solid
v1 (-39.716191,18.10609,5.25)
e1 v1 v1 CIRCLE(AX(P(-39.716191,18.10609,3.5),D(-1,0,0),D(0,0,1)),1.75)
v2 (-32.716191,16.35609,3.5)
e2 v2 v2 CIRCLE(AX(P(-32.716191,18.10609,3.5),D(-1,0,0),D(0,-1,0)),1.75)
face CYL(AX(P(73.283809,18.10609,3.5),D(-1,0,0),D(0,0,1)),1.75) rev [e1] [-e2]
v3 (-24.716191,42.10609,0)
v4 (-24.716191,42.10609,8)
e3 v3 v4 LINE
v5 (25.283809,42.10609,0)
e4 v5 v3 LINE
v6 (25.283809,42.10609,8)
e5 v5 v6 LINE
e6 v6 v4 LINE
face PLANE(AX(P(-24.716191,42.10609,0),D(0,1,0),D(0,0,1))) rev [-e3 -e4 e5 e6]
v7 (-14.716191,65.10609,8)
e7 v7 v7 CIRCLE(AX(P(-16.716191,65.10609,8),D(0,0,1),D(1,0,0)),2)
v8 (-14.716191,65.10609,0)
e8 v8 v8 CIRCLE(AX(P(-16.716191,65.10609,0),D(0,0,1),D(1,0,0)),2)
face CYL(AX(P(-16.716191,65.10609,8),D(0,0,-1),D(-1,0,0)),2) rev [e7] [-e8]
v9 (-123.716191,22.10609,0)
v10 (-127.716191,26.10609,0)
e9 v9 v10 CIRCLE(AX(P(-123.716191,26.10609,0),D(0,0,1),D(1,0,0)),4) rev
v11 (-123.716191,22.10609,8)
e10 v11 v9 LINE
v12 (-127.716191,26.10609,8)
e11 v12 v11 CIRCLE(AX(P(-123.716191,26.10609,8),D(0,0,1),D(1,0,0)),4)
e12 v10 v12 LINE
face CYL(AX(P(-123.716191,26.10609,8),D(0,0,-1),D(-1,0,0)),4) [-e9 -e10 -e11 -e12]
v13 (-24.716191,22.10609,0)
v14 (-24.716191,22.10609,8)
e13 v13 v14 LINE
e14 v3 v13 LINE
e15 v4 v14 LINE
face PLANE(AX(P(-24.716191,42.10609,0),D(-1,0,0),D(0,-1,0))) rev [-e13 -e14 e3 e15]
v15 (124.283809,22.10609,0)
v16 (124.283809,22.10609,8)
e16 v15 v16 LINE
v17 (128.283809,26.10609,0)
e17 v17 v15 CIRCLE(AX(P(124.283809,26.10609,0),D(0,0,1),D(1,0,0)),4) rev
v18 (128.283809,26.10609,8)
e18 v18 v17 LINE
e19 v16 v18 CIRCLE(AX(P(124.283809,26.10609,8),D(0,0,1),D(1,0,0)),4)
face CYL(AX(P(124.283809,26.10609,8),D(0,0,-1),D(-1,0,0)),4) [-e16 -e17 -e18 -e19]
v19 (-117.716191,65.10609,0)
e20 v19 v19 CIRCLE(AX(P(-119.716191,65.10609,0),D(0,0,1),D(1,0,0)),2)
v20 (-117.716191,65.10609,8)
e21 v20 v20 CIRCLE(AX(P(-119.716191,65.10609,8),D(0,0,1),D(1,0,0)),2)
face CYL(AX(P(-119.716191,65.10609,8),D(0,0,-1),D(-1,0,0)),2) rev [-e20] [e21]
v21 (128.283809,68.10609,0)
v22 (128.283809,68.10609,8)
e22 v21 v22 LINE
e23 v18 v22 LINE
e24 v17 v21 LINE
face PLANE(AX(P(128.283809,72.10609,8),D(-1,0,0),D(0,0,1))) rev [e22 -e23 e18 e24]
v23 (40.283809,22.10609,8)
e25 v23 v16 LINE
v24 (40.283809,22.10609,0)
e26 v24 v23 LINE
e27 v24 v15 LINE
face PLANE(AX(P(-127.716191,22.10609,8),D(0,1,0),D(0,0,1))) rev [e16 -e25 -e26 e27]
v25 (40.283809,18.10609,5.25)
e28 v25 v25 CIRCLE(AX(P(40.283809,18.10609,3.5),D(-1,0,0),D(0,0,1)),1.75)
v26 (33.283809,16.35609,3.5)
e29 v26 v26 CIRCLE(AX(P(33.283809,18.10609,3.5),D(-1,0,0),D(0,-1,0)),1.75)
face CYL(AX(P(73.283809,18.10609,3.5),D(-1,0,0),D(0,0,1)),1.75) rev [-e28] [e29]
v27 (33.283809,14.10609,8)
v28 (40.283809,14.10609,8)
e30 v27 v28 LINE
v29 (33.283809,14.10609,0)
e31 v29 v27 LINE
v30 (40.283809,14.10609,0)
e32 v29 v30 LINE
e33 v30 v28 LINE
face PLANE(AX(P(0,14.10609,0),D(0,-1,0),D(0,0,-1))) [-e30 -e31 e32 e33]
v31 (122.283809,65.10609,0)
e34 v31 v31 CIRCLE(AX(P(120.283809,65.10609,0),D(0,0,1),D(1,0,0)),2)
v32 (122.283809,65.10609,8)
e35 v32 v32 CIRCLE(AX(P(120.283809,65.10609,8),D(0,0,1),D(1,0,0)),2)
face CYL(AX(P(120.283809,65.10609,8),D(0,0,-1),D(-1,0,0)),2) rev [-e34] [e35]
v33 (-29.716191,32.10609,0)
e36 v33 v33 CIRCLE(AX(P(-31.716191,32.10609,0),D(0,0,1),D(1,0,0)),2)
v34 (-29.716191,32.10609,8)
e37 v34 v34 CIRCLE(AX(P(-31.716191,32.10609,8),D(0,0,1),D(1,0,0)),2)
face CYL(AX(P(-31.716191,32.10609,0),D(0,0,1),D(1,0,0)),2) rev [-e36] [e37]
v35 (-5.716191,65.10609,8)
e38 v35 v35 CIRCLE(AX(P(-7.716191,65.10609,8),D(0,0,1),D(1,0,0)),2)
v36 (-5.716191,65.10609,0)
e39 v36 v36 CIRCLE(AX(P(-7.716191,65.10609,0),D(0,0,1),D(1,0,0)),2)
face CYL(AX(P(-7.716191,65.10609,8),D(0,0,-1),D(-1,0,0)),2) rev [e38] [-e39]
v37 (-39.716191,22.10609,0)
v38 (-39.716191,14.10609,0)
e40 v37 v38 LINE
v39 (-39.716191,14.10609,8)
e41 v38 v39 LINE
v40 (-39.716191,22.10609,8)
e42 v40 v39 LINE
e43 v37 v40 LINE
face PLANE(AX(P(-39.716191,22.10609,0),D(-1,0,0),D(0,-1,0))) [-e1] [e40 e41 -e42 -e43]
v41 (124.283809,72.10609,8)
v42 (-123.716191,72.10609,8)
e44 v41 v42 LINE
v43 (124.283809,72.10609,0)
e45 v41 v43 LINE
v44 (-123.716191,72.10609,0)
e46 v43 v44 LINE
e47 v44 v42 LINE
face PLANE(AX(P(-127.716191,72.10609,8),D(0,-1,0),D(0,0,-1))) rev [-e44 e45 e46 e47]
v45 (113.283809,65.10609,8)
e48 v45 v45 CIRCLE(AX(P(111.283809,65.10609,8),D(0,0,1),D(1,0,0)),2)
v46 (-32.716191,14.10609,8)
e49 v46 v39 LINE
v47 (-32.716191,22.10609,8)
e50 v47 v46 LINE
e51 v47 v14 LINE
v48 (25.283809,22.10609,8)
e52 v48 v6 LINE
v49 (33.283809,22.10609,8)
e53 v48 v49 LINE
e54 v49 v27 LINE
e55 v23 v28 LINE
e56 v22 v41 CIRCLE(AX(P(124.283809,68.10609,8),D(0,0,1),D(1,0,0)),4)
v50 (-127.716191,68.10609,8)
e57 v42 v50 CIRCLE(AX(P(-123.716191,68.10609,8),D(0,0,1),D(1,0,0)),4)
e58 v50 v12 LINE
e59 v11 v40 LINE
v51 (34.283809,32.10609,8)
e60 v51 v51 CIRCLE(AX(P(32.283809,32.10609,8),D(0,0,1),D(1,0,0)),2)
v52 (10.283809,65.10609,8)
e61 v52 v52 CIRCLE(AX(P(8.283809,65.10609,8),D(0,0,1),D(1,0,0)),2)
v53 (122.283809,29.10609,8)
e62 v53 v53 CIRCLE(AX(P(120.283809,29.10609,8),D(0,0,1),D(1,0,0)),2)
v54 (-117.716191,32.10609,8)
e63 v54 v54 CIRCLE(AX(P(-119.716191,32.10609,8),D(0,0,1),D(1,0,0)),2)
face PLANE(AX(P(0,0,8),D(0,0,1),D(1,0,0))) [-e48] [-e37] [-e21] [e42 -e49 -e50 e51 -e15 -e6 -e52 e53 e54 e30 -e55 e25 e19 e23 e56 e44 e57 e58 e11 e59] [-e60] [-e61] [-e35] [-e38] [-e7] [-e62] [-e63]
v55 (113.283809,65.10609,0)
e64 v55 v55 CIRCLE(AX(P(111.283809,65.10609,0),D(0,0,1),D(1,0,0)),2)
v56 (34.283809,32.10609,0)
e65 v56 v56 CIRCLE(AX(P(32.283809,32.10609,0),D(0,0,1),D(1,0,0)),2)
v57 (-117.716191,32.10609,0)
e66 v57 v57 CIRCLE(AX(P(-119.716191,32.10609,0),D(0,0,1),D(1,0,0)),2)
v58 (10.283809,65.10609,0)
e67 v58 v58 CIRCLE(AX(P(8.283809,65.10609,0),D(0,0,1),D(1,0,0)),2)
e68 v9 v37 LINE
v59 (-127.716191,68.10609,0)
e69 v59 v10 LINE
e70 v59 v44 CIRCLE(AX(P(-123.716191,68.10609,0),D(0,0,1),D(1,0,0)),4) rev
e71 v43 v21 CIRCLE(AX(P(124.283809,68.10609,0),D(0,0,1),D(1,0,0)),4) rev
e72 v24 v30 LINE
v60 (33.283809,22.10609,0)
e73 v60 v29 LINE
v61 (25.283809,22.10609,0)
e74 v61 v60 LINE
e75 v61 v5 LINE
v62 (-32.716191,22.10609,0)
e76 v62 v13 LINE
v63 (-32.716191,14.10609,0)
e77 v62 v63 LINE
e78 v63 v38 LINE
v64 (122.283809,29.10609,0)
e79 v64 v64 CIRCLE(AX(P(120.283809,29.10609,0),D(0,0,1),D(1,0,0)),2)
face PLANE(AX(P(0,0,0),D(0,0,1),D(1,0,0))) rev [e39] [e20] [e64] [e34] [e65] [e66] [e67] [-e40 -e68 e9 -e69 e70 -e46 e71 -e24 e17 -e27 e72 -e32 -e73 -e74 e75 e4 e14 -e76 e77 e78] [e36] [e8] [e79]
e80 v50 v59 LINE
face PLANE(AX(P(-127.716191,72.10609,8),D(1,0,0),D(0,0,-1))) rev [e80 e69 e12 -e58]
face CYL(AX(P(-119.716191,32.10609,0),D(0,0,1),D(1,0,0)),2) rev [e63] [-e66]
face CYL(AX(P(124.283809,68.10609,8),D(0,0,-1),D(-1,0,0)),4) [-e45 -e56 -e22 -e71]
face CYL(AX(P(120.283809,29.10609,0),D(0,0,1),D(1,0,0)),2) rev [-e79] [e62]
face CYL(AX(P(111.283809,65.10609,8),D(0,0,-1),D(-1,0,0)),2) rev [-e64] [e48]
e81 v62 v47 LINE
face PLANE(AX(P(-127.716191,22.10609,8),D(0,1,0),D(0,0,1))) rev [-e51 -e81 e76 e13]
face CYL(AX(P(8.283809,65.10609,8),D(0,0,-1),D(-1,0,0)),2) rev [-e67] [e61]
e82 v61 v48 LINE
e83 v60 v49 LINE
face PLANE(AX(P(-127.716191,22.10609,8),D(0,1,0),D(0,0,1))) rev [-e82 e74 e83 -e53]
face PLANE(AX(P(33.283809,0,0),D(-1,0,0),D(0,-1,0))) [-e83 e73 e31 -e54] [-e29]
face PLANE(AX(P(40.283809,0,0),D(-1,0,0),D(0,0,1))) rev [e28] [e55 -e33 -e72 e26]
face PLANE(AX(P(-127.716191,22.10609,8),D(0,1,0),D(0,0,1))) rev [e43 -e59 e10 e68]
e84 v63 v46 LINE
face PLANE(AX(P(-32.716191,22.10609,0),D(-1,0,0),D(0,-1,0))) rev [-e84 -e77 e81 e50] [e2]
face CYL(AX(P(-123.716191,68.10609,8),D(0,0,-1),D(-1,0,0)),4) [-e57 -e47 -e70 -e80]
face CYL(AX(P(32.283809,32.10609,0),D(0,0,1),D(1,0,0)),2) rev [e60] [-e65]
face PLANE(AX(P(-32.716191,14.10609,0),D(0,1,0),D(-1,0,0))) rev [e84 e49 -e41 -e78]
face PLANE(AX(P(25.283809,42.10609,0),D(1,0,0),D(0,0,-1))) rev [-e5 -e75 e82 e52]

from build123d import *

# Parameters (mm, degrees)
SKETCH1_W           = 256
SKETCH1_H           = 50
SKETCH1_R           = 2
BOSS_EXTRUDE1_DEPTH = 8
FILLET1_R           = 4
SKETCH2_W           = 7
SKETCH2_H           = 8
BOSS_EXTRUDE2_DEPTH = 8
SKETCH3_W           = 50
SKETCH3_H           = 20
CUT_EXTRUDE1_DEPTH  = 8
SKETCH4_R           = 2
CUT_EXTRUDE2_DEPTH  = 8
SKETCH5_R           = 1.75
CUT_EXTRUDE3_DEPTH  = 113


with BuildPart() as part:
    # Sketch1 → Boss-Extrude1 (new body)
    with BuildSketch(Plane.XY):
        with Locations((0.283809042, 47.106089777)):
            Rectangle(SKETCH1_W, SKETCH1_H)
        with Locations((120.283809042, 65.106089777)):
            Circle(SKETCH1_R, mode=Mode.SUBTRACT)
        with Locations((111.283809042, 65.106089777)):
            Circle(SKETCH1_R, mode=Mode.SUBTRACT)
        with Locations((8.283809042, 65.106089777)):
            Circle(SKETCH1_R, mode=Mode.SUBTRACT)
        with Locations((-7.716190958, 65.106089777)):
            Circle(SKETCH1_R, mode=Mode.SUBTRACT)
        with Locations((-16.716190958, 65.106089777)):
            Circle(SKETCH1_R, mode=Mode.SUBTRACT)
        with Locations((-119.716190958, 65.106089777)):
            Circle(SKETCH1_R, mode=Mode.SUBTRACT)
    extrude(amount=BOSS_EXTRUDE1_DEPTH)

    # Fillet1
    fillet1_edges = [part.edges().sort_by_distance(p)[0] for p in [
        (-127.716190958, 72.106089777, 4),
        (128.283809042, 72.106089777, 4),
        (128.283809042, 22.106089777, 4),
        (-127.716190958, 22.106089777, 4),
    ]]
    fillet(fillet1_edges, radius=FILLET1_R)

    # Sketch2 → Boss-Extrude2 (add)
    with BuildSketch(Plane.XY.offset(8)):
        with Locations((36.783809042, 18.106089777)):
            Rectangle(SKETCH2_W, SKETCH2_H)
        with Locations((-36.216190958, 18.106089777)):
            Rectangle(SKETCH2_W, SKETCH2_H)
    extrude(amount=-BOSS_EXTRUDE2_DEPTH)

    # Sketch3 → Cut-Extrude1 (cut)
    with BuildSketch(Plane.XY.offset(8)):
        with Locations((0.283809042, 32.106089777)):
            Rectangle(SKETCH3_W, SKETCH3_H)
    extrude(amount=-CUT_EXTRUDE1_DEPTH, mode=Mode.SUBTRACT)

    # Sketch4 → Cut-Extrude2 (cut)
    with BuildSketch(Plane.XY.offset(8)):
        with Locations((-31.716190958, 32.106089777)):
            Circle(SKETCH4_R)
        with Locations((32.283809042, 32.106089777)):
            Circle(SKETCH4_R)
        with Locations((-119.716190958, 32.106089777)):
            Circle(SKETCH4_R)
        with Locations((120.283809042, 29.106089777)):
            Circle(SKETCH4_R)
    extrude(amount=-CUT_EXTRUDE2_DEPTH, mode=Mode.SUBTRACT)

    # Sketch5 → Cut-Extrude3 (cut)
    with BuildSketch(Plane.ZY.offset(39.716190958)):
        with Locations((3.5, 18.106089777)):
            Circle(SKETCH5_R)
    extrude(amount=-CUT_EXTRUDE3_DEPTH, mode=Mode.SUBTRACT)


solid = part.part
